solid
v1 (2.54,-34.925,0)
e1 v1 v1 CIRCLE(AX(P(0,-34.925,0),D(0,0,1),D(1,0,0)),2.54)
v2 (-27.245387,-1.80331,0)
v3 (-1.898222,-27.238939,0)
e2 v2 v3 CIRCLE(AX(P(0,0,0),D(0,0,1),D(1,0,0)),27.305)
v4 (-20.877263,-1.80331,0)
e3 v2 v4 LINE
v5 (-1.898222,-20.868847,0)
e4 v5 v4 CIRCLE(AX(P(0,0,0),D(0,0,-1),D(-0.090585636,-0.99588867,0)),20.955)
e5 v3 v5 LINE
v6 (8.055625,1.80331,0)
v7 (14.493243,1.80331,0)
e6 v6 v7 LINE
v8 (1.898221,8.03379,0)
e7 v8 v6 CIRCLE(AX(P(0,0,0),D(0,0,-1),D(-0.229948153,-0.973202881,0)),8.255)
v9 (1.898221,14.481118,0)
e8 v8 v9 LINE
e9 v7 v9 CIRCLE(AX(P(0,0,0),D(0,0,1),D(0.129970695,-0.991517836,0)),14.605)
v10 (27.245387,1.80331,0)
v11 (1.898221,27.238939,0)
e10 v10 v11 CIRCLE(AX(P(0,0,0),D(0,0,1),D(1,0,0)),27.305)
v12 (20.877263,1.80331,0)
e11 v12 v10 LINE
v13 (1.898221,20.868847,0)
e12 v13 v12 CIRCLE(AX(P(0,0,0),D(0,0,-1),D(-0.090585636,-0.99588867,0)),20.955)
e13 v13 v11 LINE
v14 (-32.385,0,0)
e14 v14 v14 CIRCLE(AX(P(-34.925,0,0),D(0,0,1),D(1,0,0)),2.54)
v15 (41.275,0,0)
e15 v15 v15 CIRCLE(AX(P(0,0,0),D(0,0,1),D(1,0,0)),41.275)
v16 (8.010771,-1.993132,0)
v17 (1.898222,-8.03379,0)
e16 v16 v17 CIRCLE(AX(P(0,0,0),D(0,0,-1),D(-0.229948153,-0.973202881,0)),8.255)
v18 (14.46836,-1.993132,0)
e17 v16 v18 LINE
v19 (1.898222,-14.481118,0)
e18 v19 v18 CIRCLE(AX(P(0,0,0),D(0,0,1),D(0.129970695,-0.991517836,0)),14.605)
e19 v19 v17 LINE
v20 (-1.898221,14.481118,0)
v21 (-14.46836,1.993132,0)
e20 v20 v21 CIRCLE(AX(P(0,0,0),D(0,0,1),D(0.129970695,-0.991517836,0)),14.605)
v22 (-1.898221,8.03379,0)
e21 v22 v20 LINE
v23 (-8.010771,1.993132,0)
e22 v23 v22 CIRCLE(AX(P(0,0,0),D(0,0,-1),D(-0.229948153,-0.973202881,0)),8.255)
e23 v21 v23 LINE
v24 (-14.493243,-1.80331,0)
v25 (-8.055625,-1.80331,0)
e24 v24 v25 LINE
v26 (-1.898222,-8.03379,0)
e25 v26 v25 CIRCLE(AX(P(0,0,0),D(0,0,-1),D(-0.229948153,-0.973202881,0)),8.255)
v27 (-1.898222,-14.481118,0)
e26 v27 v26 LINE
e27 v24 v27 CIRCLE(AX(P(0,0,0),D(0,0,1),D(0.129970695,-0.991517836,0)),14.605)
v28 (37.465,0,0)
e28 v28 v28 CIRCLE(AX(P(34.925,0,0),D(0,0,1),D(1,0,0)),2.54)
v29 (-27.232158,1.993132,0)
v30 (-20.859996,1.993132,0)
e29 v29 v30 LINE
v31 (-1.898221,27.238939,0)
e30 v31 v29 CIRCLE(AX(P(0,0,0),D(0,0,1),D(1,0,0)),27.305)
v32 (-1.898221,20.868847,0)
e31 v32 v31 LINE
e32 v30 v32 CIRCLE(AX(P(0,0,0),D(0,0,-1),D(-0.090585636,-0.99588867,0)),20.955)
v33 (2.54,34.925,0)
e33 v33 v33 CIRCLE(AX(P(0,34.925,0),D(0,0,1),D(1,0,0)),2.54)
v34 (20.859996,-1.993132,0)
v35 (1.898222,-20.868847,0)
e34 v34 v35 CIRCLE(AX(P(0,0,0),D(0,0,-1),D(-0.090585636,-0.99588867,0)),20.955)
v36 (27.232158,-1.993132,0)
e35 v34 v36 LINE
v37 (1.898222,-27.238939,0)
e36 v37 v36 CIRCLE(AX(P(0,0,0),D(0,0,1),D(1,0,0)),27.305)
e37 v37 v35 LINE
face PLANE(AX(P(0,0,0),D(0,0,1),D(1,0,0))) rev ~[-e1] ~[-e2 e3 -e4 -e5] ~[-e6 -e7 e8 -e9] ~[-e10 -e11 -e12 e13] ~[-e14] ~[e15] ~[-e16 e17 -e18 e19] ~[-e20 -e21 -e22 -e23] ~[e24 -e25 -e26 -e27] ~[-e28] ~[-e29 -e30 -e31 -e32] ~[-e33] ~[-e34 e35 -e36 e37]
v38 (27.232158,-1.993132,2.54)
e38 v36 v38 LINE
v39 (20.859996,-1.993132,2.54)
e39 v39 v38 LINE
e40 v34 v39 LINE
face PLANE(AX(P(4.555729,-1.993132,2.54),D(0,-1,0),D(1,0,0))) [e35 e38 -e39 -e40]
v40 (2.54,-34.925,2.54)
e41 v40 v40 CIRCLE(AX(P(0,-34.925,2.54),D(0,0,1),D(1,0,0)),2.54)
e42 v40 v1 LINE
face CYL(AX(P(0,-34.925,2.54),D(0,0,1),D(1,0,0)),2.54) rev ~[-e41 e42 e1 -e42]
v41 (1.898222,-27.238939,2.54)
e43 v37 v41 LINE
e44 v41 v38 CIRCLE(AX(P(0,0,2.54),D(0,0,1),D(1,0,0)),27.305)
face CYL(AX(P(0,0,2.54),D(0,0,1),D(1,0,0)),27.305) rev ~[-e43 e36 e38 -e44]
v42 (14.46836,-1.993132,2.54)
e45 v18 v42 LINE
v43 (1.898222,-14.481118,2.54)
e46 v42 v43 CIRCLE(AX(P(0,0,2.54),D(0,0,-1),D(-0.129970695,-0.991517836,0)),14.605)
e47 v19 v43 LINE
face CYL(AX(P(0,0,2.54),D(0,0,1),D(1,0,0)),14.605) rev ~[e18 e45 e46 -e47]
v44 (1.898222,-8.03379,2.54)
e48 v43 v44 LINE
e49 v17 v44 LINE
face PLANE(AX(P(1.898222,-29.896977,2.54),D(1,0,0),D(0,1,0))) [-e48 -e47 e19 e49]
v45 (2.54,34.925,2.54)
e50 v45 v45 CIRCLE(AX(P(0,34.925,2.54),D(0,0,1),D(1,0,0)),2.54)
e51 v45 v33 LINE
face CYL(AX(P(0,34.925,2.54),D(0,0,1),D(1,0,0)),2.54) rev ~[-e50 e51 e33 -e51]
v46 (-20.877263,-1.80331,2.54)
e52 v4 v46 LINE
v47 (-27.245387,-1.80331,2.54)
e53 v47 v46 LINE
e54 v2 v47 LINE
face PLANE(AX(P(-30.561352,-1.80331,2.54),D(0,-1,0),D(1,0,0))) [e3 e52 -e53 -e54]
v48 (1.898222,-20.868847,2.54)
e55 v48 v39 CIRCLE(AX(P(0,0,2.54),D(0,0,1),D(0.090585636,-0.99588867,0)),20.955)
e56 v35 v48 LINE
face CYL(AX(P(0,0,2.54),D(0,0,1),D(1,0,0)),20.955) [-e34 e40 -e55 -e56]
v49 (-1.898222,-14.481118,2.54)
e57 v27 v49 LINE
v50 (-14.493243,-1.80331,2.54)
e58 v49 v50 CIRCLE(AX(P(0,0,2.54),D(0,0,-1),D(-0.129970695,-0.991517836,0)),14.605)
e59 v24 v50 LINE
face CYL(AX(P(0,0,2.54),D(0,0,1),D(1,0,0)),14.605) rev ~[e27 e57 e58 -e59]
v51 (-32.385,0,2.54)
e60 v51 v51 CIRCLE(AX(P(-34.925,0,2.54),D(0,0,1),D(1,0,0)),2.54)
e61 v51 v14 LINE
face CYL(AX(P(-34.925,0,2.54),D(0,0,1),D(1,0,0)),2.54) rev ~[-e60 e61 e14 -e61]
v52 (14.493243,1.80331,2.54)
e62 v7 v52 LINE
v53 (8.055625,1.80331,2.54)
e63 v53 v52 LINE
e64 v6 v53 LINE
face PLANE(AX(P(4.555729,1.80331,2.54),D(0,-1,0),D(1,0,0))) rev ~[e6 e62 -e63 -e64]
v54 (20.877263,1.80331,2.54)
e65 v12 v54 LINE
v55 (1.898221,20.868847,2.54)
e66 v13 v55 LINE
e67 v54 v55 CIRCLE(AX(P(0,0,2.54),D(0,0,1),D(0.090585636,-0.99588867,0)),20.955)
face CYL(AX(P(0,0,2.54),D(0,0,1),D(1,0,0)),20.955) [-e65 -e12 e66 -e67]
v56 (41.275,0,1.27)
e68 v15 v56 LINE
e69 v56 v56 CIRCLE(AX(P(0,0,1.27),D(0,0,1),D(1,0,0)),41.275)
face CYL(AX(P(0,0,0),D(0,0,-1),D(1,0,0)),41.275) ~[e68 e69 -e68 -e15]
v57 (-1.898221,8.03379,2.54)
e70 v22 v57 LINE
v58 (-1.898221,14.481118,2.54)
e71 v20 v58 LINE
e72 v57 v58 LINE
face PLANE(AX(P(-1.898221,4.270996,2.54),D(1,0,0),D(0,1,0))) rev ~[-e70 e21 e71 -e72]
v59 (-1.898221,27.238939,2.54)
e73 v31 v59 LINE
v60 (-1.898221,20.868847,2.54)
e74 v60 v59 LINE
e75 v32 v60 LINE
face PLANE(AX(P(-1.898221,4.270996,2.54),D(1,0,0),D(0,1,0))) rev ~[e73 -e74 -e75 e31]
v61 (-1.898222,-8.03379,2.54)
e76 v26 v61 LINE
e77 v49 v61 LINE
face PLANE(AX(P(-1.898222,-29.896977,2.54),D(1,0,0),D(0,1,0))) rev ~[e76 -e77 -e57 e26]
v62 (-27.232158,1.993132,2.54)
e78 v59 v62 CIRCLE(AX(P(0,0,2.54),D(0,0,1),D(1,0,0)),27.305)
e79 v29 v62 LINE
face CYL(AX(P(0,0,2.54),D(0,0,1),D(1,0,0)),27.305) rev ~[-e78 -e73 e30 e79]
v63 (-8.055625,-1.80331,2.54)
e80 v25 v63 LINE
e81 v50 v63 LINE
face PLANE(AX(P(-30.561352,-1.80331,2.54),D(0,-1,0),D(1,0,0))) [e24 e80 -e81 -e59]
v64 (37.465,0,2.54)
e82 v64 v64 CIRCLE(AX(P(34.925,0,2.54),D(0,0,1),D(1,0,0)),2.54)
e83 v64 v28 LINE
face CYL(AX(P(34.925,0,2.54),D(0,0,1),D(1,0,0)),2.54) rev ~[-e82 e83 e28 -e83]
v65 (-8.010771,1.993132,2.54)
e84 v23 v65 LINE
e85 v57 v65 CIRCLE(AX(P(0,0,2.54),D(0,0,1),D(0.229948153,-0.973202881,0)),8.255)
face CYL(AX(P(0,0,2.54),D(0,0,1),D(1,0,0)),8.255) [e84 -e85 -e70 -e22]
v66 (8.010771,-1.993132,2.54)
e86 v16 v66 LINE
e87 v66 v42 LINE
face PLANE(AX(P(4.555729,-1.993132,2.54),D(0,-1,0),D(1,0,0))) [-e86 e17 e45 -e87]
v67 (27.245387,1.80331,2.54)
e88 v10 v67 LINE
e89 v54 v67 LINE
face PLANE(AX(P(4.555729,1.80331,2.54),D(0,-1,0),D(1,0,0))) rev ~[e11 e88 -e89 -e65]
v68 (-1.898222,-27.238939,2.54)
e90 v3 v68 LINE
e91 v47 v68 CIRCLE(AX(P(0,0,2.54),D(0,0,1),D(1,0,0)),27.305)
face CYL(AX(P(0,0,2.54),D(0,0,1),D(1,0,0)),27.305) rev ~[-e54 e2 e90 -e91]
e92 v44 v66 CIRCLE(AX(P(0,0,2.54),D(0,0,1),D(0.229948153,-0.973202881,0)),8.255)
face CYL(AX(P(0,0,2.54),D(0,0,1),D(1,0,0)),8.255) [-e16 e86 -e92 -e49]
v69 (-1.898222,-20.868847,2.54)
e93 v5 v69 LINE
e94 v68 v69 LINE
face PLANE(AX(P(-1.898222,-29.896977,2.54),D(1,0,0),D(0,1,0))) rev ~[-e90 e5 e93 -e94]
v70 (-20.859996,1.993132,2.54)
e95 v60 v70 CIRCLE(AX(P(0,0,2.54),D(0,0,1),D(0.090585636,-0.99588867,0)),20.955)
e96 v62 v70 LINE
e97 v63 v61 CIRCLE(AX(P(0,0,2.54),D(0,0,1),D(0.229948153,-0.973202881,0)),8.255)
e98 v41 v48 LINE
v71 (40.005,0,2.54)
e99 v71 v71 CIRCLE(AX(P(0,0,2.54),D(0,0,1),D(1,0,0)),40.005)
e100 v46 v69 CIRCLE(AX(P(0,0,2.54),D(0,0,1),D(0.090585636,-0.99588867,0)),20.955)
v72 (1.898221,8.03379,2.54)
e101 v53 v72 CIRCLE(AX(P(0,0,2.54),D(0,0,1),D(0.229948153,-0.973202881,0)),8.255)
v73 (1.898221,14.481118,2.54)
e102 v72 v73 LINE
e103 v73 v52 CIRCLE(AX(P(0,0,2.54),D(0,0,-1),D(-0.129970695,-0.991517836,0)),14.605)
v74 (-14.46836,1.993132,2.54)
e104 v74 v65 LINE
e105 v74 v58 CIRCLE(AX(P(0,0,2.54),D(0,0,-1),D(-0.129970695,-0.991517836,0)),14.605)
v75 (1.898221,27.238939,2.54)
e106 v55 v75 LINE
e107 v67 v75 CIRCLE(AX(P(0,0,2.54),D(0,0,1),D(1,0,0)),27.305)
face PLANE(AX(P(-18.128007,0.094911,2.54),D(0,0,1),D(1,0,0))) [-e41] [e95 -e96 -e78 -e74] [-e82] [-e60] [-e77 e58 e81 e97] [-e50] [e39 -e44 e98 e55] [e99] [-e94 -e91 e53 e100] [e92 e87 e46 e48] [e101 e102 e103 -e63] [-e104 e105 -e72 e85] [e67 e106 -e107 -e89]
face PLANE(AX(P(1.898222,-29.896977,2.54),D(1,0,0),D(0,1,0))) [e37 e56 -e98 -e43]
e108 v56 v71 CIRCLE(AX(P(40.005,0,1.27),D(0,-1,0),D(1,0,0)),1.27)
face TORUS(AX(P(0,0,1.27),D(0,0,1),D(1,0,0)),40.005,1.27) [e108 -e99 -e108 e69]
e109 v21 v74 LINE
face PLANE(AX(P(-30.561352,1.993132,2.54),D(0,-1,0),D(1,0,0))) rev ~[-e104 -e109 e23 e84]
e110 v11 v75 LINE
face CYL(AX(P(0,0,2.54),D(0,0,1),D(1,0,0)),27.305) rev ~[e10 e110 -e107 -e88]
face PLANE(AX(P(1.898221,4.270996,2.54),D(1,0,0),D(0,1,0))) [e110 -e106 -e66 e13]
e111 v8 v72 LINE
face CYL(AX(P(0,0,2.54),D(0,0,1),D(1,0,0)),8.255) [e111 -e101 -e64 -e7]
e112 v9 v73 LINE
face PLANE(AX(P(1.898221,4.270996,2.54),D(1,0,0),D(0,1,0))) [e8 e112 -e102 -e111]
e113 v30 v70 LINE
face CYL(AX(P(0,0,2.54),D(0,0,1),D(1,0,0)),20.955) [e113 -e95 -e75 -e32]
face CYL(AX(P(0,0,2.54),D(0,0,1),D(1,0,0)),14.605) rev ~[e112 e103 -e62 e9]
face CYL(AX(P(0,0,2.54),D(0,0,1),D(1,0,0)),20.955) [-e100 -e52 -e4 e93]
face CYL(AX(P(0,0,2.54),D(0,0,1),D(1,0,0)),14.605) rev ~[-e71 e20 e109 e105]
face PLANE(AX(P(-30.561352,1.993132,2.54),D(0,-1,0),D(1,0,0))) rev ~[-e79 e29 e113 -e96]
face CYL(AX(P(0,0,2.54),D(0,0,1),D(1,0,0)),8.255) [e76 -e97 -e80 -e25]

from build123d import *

# Parameters (mm, degrees)
F0_R      = 41.275
F1_DEPTH  = 2.54
F2_R      = 2.54
F3_DEPTH  = 2.541
F4_R      = 2.54
F5_DEPTH  = 2.541
F6_R      = 2.54
F7_DEPTH  = 2.541
F8_R      = 2.54
F9_DEPTH  = 2.541
F10_R     = 1.27
F11_R     = 27.305
F12_DEPTH = 2.541
F13_R     = 20.955
F14_DEPTH = 2.54
F15_R     = 14.605
F16_DEPTH = 2.541
F17_R     = 8.255
F18_DEPTH = 2.54
F19_W     = 3.796444
F19_H     = 24.866691
F20_DEPTH = 2.54
F21_W     = 24.866692
F21_H     = 3.796442
F22_DEPTH = 2.54
F23_W     = 3.796442
F23_H     = 25.815801
F24_DEPTH = 2.54
F25_W     = 24.86669
F25_H     = 3.796442
F26_DEPTH = 2.54


with BuildPart() as f1:
    # F0 (on Top) → F1 (new body)
    with BuildSketch(Plane.XY):
        Circle(F0_R)
    extrude(amount=F1_DEPTH)

    # F2 (on face) → F3 (cut, through all)
    with BuildSketch(Plane.XY.offset(2.54)):
        with Locations((0, 34.925)):
            Circle(F2_R)
    extrude(amount=-F3_DEPTH, mode=Mode.SUBTRACT)

    # F4 (on face) → F5 (cut, through all)
    with BuildSketch(Plane.XY.offset(2.54)):
        with Locations((0, -34.925)):
            Circle(F4_R)
    extrude(amount=-F5_DEPTH, mode=Mode.SUBTRACT)

    # F6 (on face) → F7 (cut, through all)
    with BuildSketch(Plane.XY.offset(2.54)):
        with Locations((-34.925, 0)):
            Circle(F6_R)
    extrude(amount=-F7_DEPTH, mode=Mode.SUBTRACT)

    # F8 (on face) → F9 (cut, through all)
    with BuildSketch(Plane.XY.offset(2.54)):
        with Locations((34.925, 0)):
            Circle(F8_R)
    extrude(amount=-F9_DEPTH, mode=Mode.SUBTRACT)

    # F10
    f10_edges = [f1.edges().sort_by_distance(p)[0] for p in [
        (-41.275, 0, 2.54),
    ]]
    fillet(f10_edges, radius=F10_R)

    # F11 (on face) → F12 (cut, through all)
    with BuildSketch(Plane.XY.offset(2.54)):
        Circle(F11_R)
    extrude(amount=-F12_DEPTH, mode=Mode.SUBTRACT)



with BuildPart() as f14:
    # F13 (on face) → F14 (new body)
    with BuildSketch(Plane.XY.offset(2.54)):
        Circle(F13_R)
    extrude(amount=-F14_DEPTH)

    # F15 (on face) → F16 (cut, through all)
    with BuildSketch(Plane.XY.offset(2.54)):
        Circle(F15_R)
    extrude(amount=-F16_DEPTH, mode=Mode.SUBTRACT)


with BuildPart() as f18:
    # F17 (on face) → F18 (new body)
    with BuildSketch(Plane.XY.offset(2.54)):
        Circle(F17_R)
    extrude(amount=-F18_DEPTH)


with BuildPart() as f1_1:
    add(f1.part)

    add(f14.part)  # F20 merges F14

    add(f18.part)  # F20 merges F18
    # F19 (on face) → F20 (join)
    with BuildSketch(Plane.XY.offset(2.54)):
        with Locations((0, -17.463631)):
            Rectangle(F19_W, F19_H)
    extrude(amount=-F20_DEPTH)

    # F21 (on face) → F22 (join)
    with BuildSketch(Plane.XY.offset(2.54)):
        with Locations((16.989075, -0.094911)):
            Rectangle(F21_W, F21_H)
    extrude(amount=-F22_DEPTH)

    # F23 (on face) → F24 (join)
    with BuildSketch(Plane.XY.offset(2.54)):
        with Locations((0, 17.178897)):
            Rectangle(F23_W, F23_H)
    extrude(amount=-F24_DEPTH)

    # F25 (on face) → F26 (join)
    with BuildSketch(Plane.XY.offset(2.54)):
        with Locations((-18.128007, 0.094911)):
            Rectangle(F25_W, F25_H)
    extrude(amount=-F26_DEPTH)


solid = f1_1.part
